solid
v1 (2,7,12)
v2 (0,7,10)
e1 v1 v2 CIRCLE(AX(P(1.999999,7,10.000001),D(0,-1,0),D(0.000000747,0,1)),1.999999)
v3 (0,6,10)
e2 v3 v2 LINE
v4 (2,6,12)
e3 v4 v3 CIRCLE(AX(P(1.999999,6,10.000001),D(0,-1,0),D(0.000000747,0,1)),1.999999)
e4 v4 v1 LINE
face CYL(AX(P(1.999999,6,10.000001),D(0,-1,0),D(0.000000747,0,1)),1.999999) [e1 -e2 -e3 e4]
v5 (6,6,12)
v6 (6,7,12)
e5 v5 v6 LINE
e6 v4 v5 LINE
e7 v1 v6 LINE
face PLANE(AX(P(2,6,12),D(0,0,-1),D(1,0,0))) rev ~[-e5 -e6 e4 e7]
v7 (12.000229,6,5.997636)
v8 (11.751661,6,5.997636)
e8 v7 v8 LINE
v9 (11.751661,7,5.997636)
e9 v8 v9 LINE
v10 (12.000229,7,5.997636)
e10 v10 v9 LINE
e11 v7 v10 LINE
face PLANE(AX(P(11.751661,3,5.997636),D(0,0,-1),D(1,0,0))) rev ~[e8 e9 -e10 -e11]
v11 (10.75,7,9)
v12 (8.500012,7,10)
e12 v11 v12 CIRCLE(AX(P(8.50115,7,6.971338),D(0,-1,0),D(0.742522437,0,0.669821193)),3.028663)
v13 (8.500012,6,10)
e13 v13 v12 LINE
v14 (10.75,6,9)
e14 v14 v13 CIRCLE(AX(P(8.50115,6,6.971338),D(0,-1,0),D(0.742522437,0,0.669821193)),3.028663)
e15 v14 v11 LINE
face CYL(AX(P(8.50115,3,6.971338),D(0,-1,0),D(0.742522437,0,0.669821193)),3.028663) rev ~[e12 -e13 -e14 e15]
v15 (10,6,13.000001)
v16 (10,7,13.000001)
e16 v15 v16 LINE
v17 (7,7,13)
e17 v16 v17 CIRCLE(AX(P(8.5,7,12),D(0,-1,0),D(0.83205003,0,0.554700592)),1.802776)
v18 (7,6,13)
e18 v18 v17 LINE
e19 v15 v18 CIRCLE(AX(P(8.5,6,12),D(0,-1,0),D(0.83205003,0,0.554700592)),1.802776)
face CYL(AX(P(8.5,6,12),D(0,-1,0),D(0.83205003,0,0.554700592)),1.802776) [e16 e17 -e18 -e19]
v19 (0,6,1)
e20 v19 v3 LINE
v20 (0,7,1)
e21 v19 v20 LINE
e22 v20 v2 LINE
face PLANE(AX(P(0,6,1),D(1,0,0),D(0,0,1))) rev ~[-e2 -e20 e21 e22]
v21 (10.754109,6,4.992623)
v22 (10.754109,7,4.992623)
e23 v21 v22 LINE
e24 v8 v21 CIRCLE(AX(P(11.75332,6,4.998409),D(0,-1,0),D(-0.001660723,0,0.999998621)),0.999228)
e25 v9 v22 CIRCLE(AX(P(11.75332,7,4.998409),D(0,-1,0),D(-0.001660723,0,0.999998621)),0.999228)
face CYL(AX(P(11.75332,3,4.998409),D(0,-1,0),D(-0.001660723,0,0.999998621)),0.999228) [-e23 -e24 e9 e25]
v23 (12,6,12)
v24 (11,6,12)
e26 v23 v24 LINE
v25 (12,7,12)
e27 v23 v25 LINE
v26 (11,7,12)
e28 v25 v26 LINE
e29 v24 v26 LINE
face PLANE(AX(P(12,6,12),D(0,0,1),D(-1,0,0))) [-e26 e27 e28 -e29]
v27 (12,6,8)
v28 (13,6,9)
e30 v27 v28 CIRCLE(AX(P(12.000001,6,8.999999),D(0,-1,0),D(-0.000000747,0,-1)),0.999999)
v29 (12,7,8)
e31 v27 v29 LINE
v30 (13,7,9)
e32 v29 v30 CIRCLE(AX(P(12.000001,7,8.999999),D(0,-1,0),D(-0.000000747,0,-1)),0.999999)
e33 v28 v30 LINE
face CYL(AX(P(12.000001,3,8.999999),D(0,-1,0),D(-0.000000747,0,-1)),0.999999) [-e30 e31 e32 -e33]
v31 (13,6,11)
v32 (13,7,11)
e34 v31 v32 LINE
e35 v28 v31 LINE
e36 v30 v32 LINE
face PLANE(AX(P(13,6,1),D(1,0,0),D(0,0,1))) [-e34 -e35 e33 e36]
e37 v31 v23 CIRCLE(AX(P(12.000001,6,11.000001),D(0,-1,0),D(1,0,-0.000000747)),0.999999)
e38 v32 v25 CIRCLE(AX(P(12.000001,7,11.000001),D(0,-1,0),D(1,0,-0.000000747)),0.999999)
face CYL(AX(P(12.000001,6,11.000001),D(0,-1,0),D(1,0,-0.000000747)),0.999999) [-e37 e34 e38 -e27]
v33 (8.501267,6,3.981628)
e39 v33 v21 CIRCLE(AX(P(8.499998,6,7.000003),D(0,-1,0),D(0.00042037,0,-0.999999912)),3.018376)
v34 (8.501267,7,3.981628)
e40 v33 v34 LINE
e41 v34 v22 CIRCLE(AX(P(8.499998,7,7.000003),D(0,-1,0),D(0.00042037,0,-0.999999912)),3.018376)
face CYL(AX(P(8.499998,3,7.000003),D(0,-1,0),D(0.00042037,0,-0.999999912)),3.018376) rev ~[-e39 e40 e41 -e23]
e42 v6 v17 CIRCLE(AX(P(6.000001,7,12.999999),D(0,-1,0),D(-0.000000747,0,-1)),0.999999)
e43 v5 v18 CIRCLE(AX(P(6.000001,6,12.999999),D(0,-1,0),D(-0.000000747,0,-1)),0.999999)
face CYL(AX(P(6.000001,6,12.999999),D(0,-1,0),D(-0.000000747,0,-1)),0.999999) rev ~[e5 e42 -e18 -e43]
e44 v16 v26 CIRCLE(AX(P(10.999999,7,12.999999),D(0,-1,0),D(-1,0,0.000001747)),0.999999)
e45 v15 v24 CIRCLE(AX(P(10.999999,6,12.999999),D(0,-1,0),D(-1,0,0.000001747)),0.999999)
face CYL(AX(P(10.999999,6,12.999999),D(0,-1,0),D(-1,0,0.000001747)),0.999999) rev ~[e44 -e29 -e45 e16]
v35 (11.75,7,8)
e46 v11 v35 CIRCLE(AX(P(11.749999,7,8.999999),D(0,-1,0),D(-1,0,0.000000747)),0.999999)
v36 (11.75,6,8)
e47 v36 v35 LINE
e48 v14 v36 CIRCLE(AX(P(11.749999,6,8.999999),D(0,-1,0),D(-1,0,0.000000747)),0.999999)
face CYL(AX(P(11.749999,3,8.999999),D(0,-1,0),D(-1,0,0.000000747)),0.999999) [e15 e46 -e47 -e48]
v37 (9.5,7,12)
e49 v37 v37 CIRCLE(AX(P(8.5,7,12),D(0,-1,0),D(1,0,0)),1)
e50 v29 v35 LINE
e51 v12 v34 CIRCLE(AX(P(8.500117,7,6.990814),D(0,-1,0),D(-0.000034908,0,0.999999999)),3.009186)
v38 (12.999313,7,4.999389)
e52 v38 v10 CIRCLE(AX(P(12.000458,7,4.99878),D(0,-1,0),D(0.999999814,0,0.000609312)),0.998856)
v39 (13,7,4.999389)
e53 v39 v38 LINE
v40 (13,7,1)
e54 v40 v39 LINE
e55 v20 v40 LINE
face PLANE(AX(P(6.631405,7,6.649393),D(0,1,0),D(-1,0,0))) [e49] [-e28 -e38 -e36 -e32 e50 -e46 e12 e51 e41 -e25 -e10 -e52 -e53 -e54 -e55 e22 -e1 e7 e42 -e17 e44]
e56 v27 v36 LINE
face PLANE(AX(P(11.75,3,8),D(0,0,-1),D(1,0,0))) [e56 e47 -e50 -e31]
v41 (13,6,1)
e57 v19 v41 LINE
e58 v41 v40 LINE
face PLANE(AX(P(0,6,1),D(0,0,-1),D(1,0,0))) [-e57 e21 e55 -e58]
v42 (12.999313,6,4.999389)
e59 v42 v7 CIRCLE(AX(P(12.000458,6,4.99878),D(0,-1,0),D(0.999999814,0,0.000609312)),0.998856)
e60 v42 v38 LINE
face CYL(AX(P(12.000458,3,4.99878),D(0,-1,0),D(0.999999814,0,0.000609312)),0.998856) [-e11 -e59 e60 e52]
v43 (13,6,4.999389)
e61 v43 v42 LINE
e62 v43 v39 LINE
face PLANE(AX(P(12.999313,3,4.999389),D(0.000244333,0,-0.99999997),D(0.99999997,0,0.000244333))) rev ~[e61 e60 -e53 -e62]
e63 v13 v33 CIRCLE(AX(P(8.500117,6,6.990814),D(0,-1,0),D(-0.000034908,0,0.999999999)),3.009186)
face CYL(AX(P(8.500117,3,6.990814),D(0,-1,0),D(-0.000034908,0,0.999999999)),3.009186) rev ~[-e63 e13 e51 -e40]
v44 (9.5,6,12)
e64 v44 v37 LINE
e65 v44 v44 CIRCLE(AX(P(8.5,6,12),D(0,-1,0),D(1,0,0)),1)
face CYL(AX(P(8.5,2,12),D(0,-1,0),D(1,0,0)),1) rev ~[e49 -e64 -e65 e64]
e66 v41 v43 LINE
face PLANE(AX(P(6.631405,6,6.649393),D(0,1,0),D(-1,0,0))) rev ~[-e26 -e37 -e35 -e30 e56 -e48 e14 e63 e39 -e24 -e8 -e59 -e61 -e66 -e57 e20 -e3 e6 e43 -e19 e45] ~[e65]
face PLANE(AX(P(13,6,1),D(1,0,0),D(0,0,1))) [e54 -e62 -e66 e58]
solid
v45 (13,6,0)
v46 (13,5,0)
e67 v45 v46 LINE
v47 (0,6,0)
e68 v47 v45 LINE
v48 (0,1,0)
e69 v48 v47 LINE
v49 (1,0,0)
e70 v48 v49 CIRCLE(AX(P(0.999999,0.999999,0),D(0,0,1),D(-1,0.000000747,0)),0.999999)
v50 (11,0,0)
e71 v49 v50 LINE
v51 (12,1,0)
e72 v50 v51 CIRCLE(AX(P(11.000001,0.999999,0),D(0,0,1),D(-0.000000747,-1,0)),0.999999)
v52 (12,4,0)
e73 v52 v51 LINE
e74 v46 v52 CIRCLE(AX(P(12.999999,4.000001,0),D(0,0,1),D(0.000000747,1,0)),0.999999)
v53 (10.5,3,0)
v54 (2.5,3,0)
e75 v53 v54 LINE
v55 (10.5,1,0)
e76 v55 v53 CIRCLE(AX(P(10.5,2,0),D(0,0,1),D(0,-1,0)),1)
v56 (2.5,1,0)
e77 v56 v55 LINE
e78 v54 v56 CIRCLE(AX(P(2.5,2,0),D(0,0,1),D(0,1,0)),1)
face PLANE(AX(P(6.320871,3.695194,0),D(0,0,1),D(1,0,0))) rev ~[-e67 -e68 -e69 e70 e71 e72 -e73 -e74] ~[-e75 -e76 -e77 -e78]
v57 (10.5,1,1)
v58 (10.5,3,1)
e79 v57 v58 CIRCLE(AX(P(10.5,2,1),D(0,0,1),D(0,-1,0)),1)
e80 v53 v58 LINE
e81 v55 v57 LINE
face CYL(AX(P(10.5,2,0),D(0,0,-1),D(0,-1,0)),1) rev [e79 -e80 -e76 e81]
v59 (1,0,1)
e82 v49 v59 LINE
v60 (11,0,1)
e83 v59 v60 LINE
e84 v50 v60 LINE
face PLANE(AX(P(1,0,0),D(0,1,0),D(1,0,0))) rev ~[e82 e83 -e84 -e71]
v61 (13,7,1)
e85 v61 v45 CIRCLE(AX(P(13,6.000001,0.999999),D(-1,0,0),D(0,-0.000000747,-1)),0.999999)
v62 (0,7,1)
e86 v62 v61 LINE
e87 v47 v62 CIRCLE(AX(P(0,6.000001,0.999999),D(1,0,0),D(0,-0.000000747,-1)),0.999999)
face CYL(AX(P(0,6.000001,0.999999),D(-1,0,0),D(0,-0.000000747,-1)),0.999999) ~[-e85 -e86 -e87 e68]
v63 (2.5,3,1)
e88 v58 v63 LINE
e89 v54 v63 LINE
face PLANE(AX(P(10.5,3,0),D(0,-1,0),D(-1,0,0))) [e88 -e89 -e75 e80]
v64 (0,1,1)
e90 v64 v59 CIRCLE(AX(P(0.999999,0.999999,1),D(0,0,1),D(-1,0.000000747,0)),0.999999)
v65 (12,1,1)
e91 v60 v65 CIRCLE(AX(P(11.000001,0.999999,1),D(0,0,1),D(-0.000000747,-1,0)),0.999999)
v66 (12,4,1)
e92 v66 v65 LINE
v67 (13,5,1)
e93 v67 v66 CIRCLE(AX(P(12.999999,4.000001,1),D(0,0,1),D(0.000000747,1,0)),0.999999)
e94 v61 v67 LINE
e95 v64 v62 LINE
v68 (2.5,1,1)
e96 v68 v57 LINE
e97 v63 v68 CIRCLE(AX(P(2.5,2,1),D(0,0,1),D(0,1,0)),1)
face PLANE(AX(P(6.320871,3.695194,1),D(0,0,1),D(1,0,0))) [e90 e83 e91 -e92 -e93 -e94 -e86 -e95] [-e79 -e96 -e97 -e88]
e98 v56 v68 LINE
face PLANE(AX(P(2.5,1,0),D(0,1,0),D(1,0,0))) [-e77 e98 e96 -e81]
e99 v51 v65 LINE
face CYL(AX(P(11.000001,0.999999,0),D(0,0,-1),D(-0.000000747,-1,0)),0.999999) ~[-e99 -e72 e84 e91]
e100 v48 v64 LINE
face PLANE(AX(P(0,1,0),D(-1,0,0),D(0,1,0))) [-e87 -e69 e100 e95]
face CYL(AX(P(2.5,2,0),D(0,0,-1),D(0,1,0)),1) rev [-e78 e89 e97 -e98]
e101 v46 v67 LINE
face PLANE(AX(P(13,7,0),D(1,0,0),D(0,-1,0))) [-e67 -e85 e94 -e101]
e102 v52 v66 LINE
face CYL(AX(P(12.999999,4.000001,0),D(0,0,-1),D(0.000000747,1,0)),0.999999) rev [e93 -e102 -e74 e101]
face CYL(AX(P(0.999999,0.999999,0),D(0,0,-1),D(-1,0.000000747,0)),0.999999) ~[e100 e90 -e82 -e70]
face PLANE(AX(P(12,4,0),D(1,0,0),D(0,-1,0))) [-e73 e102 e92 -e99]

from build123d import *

# Parameters (mm, degrees)
EXTRUDE004_DEPTH                     = 5
EXTRUDE004_ONTO_SKETCH003_ROLL_ANGLE = 90
SKETCH004_AS_DRAWN_R                 = 1
EXTRUDE003_DEPTH                     = 10
EXTRUDE003_ONTO_SKETCH004_ROLL_ANGLE = 90
EXTRUDE005_DEPTH                     = 1
EXTRUDE005_ONTO_SKETCH002_ROLL_ANGLE = 90
EXTRUDE006_DEPTH                     = 15
EXTRUDE001_DEPTH                     = 1
EXTRUDE_DEPTH                        = 1


with BuildPart() as extrude004:
    # Sketch003 as drawn → Extrude004 (new)
    with BuildSketch(Plane.XY):
        with BuildLine():
            ThreePointArc((8.500012, 10), (5.490931, 6.990186), (8.501267, 3.981628))
            ThreePointArc((8.501267, 3.981628), (9.735803, 4.24621), (10.754109, 4.992623))
            ThreePointArc((11.751661, 5.997636), (11.044132, 5.702333), (10.754109, 4.992623))
            Line((11.751661, 5.997636), (12.000229, 5.997636))
            ThreePointArc((12.999313, 4.999389), (12.706459, 5.705374), (12.000229, 5.997636))
            Line((12.999313, 4.999389), (15.5, 5))
            Line((15.5, 5), (15.5, 9))
            Line((13, 9), (15.5, 9))
            ThreePointArc((12, 8), (12.707107, 8.292893), (13, 9))
            Line((11.75, 8), (12, 8))
            ThreePointArc((10.75, 9), (11.042893, 8.292893), (11.75, 8))
            ThreePointArc((10.75, 9), (9.731212, 9.738962), (8.500012, 10))
        make_face()
    extrude(amount=-EXTRUDE004_DEPTH)


with BuildPart() as extrude004_1:
    # Extrude004 onto Sketch003 roll: moved
    add(extrude004.part.rotate(Axis((0, 0, 0), (1, 0, 0)), EXTRUDE004_ONTO_SKETCH003_ROLL_ANGLE))


with BuildPart() as extrude004_2:
    # Extrude004 onto Sketch003 placement: moved
    add(extrude004_1.part.moved(Location((0, 3, 0))))


with BuildPart() as extrude003:
    # Sketch004 as drawn → Extrude003 (new)
    with BuildSketch(Plane.XY):
        with Locations((8.5, 12)):
            Circle(SKETCH004_AS_DRAWN_R)
    extrude(amount=-EXTRUDE003_DEPTH)


with BuildPart() as extrude003_1:
    # Extrude003 onto Sketch004 roll: moved
    add(extrude003.part.rotate(Axis((0, 0, 0), (1, 0, 0)), EXTRUDE003_ONTO_SKETCH004_ROLL_ANGLE))


with BuildPart() as extrude003_2:
    # Extrude003 onto Sketch004 placement: moved
    add(extrude003_1.part.moved(Location((0, 4, 0))))


with BuildPart() as extrude003_3:
    # Extrude003 placement: moved
    add(extrude003_2.part.moved(Location((0, -2, 0))))


with BuildPart() as cut002:
    # Sketch002 as drawn → Extrude005 (new)
    with BuildSketch(Plane.XY):
        with BuildLine():
            Line((0, 1), (0, 10))
            ThreePointArc((2, 12), (0.585786, 11.414214), (0, 10))
            Line((2, 12), (6, 12))
            ThreePointArc((6, 12), (6.707107, 12.292893), (7, 13))
            ThreePointArc((10, 13.000001), (8.5, 13.802776), (7, 13))
            ThreePointArc((10, 13.000001), (10.292893, 12.292893), (11, 12))
            Line((12, 12), (11, 12))
            ThreePointArc((13, 11), (12.707107, 11.707107), (12, 12))
            Line((13, 1), (13, 11))
            Line((0, 1), (13, 1))
        make_face()
    extrude(amount=-EXTRUDE005_DEPTH)


with BuildPart() as cut002_1:
    # Extrude005 onto Sketch002 roll: moved
    add(cut002.part.rotate(Axis((0, 0, 0), (1, 0, 0)), EXTRUDE005_ONTO_SKETCH002_ROLL_ANGLE))


with BuildPart() as cut002_2:
    # Extrude005 onto Sketch002 placement: moved
    add(cut002_1.part.moved(Location((0, 6, 0))))

    # Cut001: cut Extrude003
    add(extrude003_3.part, mode=Mode.SUBTRACT)

    # Cut002: cut Extrude004
    add(extrude004_2.part, mode=Mode.SUBTRACT)


with BuildPart() as extrude006:
    # Sketch005 → Extrude006 (new body)
    with BuildSketch(Plane.YZ):
        with BuildLine():
            ThreePointArc((6, 0), (6.707107, 0.292893), (7, 1))
            Line((7, 1), (7, 0))
            Line((6, 0), (7, 0))
        make_face()
    extrude(amount=EXTRUDE006_DEPTH)


with BuildPart() as extrude001:
    # Sketch001 → Extrude001 (new body)
    with BuildSketch(Plane.XY):
        with BuildLine():
            ThreePointArc((10.5, 1), (11.5, 2), (10.5, 3))
            Line((10.5, 3), (2.5, 3))
            ThreePointArc((2.5, 3), (1.5, 2), (2.5, 1))
            Line((2.5, 1), (10.5, 1))
        make_face()
    extrude(amount=EXTRUDE001_DEPTH)


with BuildPart() as cut003:
    # Sketch → Extrude (new body)
    with BuildSketch(Plane.XY):
        with BuildLine():
            ThreePointArc((0, 1), (0.292893, 0.292893), (1, 0))
            Line((1, 0), (11, 0))
            ThreePointArc((11, 0), (11.707107, 0.292893), (12, 1))
            Line((12, 4), (12, 1))
            ThreePointArc((13, 5), (12.292893, 4.707107), (12, 4))
            Line((13, 7), (13, 5))
            Line((0, 7), (13, 7))
            Line((0, 1), (0, 7))
        make_face()
    extrude(amount=EXTRUDE_DEPTH)

    # Cut: cut Extrude001
    add(extrude001.part, mode=Mode.SUBTRACT)

    # Cut003: cut Extrude006
    add(extrude006.part, mode=Mode.SUBTRACT)


solid = Compound([cut002_2.part, cut003.part])
